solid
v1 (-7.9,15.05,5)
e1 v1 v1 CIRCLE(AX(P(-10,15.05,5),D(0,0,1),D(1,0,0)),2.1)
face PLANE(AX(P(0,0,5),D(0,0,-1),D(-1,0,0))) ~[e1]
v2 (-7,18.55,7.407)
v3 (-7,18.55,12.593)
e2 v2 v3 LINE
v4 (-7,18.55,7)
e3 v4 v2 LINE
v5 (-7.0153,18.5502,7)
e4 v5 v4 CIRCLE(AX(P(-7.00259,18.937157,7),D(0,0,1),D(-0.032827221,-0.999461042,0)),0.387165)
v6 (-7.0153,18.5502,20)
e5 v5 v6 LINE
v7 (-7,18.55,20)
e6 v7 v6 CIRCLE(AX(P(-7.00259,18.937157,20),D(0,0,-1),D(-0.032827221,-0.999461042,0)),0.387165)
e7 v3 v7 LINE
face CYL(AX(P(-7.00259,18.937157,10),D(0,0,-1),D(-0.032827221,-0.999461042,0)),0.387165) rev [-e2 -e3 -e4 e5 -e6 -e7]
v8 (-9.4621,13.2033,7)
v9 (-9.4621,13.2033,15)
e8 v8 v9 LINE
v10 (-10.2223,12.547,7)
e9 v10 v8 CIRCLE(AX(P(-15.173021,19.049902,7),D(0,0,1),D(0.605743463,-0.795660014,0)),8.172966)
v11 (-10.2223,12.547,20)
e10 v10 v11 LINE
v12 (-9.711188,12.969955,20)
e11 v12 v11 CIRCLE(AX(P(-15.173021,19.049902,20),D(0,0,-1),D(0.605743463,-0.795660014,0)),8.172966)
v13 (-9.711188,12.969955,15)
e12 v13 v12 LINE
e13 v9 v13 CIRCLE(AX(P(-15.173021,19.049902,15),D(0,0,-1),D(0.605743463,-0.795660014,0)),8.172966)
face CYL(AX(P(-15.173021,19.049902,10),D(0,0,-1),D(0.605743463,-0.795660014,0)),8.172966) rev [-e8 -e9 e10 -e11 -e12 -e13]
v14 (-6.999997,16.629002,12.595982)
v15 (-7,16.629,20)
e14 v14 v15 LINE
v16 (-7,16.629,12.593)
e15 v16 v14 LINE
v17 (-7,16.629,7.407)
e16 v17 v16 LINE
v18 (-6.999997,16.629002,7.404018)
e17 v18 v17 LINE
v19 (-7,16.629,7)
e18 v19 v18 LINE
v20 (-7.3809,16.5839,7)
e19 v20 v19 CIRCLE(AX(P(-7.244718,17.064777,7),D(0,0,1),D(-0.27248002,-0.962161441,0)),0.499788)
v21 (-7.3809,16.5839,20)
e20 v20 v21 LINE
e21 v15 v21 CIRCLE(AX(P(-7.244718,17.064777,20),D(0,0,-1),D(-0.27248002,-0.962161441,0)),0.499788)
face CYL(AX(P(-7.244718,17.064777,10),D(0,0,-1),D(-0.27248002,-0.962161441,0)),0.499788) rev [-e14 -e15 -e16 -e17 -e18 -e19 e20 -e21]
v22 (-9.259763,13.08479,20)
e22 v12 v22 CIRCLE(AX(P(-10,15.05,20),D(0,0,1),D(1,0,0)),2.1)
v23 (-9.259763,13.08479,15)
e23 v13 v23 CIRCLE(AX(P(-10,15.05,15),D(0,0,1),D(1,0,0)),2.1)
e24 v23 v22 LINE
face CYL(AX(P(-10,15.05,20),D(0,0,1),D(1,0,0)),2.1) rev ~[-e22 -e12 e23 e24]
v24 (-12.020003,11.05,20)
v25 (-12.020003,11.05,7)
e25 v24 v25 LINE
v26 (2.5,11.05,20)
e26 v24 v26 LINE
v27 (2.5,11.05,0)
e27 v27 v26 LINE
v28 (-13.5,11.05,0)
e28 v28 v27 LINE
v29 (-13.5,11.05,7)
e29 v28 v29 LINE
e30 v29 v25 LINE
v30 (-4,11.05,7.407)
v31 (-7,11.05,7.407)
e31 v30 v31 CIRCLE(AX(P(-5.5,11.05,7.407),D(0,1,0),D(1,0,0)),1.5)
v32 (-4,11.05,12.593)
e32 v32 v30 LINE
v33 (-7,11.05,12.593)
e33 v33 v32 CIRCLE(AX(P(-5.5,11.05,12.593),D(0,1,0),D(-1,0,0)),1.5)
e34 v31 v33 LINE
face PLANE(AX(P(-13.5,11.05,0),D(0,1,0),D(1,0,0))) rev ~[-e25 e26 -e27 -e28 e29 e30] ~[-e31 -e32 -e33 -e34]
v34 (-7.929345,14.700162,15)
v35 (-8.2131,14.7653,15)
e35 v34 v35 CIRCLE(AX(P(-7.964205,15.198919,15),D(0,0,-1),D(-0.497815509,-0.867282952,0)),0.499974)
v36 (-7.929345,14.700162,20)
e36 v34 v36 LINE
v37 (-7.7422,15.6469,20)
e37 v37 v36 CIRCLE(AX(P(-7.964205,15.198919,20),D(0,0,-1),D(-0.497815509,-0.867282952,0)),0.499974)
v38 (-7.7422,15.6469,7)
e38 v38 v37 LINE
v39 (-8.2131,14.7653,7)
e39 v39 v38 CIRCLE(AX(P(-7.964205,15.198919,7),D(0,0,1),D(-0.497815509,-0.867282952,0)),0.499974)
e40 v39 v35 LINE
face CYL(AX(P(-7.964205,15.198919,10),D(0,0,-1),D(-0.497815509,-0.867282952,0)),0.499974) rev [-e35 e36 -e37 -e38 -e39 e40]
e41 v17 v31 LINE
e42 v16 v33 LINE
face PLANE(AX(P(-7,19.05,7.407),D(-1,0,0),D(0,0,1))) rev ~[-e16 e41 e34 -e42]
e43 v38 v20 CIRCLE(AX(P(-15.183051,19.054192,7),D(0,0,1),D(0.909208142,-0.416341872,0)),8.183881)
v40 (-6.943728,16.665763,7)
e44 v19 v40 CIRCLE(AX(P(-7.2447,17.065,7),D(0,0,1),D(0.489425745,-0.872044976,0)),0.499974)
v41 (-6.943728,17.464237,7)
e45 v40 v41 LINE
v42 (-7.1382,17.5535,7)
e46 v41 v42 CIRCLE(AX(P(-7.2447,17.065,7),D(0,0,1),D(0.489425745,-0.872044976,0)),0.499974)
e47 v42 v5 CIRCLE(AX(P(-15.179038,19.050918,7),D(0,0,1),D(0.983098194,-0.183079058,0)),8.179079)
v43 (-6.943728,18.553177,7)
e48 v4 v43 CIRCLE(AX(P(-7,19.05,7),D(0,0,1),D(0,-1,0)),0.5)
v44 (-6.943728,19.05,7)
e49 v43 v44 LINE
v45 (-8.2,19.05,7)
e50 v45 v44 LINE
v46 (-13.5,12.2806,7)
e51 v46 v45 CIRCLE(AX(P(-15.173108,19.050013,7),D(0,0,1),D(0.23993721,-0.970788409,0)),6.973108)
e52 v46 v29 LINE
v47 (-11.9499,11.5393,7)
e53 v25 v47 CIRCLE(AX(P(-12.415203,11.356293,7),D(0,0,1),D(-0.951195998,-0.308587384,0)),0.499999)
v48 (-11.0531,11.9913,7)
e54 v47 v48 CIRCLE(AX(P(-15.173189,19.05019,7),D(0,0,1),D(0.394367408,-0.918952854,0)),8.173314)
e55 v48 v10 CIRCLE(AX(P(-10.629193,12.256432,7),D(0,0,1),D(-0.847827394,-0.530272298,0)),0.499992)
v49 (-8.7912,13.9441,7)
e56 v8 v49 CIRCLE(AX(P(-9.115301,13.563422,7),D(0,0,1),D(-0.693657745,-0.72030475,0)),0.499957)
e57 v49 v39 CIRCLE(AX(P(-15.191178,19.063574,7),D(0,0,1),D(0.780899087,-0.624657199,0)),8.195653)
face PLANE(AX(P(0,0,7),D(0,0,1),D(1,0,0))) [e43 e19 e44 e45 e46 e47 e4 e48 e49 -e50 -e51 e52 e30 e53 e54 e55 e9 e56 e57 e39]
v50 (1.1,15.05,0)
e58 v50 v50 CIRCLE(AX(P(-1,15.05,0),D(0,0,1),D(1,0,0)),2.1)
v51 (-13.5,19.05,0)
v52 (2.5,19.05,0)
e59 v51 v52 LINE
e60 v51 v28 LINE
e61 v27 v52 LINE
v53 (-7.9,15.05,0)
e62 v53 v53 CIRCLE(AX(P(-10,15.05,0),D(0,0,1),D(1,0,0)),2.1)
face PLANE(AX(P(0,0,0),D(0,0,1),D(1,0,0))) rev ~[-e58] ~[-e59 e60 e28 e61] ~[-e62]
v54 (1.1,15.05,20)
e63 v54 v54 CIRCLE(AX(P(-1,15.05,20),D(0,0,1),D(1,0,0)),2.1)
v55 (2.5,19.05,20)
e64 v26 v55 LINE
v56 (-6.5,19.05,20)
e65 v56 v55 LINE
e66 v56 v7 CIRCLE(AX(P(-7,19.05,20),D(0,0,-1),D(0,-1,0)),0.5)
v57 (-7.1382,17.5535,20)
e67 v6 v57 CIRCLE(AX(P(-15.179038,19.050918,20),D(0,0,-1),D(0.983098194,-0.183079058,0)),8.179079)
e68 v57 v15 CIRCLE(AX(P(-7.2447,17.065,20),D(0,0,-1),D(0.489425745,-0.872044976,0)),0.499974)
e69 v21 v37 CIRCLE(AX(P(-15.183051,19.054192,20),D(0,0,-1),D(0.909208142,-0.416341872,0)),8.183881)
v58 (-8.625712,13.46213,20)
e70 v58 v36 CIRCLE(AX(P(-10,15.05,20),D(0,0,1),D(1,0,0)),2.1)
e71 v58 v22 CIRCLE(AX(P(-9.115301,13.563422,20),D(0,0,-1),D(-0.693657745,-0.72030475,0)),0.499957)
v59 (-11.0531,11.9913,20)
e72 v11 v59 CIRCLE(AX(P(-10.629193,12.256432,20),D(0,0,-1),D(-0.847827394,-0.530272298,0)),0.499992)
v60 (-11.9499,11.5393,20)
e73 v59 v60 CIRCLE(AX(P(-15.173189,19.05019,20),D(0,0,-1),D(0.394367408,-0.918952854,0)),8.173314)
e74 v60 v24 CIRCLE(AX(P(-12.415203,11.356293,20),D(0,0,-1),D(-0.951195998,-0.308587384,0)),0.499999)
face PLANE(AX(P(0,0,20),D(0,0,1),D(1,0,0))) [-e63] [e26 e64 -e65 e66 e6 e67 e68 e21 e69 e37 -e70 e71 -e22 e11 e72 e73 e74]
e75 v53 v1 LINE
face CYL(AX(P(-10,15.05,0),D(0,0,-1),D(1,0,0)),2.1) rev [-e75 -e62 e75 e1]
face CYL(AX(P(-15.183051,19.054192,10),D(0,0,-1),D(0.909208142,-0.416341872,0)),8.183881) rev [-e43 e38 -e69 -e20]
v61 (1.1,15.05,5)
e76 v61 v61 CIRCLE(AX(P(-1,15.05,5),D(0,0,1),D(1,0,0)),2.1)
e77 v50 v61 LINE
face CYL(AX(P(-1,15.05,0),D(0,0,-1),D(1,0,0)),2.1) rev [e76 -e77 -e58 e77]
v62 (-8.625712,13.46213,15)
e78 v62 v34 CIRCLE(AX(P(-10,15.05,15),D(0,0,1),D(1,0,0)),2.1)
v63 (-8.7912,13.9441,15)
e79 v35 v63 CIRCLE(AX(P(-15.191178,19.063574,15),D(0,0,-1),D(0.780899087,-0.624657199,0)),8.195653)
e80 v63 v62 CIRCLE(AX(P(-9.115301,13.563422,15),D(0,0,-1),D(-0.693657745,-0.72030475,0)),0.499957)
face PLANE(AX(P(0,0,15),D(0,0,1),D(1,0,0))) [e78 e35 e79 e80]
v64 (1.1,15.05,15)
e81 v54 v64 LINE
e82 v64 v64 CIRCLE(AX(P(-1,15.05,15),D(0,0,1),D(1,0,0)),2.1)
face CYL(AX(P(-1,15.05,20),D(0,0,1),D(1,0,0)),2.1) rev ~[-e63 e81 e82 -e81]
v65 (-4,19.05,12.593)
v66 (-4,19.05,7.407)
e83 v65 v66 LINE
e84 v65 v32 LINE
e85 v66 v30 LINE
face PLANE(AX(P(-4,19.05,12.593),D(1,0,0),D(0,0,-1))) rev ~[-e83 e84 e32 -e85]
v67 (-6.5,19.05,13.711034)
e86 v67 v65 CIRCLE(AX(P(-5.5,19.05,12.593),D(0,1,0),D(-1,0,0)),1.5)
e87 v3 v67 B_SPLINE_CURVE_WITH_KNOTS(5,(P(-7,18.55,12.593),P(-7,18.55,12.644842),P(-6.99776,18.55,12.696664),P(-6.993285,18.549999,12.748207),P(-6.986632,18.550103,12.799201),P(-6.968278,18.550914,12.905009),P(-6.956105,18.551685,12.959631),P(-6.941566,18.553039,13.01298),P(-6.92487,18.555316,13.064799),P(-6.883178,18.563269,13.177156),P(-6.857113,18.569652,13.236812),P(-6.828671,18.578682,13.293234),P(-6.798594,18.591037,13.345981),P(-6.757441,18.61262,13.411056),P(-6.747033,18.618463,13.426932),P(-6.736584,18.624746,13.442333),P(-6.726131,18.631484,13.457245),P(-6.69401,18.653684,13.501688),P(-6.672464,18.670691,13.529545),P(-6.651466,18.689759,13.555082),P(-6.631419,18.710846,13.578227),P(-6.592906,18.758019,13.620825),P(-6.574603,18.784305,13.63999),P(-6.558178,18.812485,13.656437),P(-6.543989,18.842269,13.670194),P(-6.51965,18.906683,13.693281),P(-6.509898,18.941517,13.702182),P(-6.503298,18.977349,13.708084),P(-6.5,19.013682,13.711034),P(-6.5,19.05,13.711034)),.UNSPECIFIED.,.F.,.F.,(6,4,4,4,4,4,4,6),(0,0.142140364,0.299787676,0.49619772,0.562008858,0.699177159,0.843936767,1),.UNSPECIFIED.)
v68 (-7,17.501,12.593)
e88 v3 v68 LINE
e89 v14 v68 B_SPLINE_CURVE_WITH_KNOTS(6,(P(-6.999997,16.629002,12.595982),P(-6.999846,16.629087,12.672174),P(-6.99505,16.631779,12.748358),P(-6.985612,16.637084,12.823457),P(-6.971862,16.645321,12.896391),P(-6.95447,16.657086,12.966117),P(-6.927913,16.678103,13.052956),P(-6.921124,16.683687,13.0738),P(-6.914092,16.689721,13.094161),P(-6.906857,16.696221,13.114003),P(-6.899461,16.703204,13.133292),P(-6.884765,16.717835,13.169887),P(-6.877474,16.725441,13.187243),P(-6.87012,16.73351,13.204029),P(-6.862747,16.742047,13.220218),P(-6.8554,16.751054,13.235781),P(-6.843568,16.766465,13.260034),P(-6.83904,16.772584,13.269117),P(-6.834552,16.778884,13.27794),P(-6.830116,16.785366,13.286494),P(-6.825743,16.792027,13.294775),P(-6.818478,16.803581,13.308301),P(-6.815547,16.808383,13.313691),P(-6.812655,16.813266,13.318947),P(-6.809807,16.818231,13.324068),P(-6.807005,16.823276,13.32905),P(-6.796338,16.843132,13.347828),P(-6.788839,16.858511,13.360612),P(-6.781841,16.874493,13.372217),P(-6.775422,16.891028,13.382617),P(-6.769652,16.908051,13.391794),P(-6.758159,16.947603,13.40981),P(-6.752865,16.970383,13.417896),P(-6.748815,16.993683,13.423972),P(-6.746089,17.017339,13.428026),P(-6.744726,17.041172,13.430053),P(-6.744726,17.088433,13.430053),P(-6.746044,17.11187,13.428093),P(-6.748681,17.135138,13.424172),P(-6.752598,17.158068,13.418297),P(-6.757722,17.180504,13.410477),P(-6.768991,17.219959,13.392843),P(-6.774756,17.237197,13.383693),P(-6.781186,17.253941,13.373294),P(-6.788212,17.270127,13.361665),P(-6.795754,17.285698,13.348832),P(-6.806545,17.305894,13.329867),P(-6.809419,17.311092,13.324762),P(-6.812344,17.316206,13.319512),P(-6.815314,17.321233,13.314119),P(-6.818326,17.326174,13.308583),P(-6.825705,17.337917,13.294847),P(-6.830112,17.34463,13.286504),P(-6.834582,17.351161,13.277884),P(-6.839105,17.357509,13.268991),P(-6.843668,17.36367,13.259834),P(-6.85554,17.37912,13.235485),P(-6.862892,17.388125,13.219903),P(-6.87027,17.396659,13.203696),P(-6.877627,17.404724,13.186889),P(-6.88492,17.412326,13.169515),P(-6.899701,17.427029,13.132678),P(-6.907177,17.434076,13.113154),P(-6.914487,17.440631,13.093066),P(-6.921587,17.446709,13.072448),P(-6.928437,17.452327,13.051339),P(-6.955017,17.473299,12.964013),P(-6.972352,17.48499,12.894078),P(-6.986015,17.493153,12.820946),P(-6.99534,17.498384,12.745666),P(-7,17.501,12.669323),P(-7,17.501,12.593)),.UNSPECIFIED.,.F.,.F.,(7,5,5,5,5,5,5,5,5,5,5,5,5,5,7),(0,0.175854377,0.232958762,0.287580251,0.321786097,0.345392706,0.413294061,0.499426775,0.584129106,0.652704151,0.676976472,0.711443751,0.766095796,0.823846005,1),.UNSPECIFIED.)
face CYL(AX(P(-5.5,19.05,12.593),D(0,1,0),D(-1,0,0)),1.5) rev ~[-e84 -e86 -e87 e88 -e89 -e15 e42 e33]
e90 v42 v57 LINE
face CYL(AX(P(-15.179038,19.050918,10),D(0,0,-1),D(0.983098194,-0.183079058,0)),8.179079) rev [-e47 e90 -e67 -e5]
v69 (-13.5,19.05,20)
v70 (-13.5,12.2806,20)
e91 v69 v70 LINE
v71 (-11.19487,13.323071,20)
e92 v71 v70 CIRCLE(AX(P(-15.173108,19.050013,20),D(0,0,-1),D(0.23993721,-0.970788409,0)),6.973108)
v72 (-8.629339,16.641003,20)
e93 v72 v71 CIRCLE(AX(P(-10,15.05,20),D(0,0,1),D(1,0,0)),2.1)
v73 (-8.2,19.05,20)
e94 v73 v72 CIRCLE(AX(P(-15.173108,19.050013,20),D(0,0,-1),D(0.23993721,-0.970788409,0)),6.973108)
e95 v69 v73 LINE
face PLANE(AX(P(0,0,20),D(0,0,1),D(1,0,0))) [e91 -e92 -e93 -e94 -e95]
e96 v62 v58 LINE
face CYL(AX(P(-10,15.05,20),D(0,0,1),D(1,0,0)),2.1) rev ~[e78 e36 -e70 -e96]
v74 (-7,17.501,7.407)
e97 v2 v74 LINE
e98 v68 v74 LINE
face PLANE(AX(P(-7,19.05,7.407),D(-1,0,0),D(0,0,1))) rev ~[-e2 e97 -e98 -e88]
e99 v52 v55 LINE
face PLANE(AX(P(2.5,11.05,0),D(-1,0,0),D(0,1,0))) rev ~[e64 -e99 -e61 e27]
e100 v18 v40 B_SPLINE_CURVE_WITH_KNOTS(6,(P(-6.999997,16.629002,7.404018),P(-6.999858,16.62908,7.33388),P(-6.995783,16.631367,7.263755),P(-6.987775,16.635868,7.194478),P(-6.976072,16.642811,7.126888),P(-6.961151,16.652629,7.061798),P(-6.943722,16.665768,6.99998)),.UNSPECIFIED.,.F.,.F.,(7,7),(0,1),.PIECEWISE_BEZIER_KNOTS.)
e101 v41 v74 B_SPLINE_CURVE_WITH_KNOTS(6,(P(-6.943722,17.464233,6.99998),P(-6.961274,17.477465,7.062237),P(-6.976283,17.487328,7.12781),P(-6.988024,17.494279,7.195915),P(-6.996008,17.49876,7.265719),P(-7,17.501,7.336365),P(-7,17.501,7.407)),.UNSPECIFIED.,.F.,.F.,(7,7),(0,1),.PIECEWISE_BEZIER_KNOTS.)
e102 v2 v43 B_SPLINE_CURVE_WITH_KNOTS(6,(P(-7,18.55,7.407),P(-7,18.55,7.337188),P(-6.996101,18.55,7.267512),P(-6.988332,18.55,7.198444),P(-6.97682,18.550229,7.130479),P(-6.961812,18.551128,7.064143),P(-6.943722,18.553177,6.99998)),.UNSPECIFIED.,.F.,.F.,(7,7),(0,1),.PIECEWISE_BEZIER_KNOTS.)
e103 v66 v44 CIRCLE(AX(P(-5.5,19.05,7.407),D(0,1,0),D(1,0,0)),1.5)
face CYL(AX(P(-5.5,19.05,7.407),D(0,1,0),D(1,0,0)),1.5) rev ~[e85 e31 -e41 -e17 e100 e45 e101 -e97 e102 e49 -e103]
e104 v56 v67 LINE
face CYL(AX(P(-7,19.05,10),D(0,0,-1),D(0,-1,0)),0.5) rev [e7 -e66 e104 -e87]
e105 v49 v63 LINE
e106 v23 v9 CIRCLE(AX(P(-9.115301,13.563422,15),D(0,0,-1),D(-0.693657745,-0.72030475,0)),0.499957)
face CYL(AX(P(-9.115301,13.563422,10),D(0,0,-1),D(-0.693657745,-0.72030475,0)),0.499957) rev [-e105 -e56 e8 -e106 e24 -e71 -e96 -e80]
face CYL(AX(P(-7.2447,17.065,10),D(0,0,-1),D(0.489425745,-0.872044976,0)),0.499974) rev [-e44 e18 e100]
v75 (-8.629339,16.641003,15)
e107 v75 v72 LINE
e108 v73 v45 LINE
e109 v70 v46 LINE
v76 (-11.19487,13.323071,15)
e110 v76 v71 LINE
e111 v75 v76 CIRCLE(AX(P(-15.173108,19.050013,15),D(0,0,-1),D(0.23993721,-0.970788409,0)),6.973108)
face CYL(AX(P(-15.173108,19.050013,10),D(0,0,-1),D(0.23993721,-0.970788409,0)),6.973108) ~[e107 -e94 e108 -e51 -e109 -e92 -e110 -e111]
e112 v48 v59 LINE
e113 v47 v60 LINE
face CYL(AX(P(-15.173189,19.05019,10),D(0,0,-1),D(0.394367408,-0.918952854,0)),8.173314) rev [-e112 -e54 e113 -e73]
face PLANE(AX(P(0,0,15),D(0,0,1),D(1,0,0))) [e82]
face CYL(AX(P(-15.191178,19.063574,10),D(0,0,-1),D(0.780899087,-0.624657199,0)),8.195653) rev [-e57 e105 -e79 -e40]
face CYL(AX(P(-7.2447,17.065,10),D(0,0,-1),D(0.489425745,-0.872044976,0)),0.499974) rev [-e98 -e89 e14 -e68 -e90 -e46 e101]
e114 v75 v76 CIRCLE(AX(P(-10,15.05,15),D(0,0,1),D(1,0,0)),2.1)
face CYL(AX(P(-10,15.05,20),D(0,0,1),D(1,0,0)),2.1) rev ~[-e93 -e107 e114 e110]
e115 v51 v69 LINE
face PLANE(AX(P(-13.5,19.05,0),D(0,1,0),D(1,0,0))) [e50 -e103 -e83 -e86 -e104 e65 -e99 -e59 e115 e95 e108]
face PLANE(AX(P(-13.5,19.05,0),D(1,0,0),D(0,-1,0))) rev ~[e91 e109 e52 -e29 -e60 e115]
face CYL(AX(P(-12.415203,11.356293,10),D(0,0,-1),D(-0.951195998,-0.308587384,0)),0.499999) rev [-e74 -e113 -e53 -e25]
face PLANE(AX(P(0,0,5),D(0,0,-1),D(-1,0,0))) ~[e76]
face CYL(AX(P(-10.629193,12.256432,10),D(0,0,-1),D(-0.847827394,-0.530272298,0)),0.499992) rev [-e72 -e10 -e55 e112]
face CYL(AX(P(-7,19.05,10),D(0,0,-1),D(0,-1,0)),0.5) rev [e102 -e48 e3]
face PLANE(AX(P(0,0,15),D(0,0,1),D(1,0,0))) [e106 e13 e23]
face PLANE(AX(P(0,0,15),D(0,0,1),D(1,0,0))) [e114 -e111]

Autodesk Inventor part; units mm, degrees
ref_plane "YZ Plane" through (0, 0, 0) normal (1, 0, 0) x (0, 1, 0)
ref_plane "XZ Plane" through (0, 0, 0) normal (0, 1, 0) x (-1, 0, 0)
sketch "Эскиз1" plane through (0, 0, 0) normal (0, 0, 1) x (1, 0, 0)
  line L0 (13.5, 19.05) -> (-13.5, 19.05) construction
  circle A0 centre (-7.5, -8) radius 1.6 construction
  circle A1 centre (7.5, -8) radius 1.6 construction
  line L1 (-13.5, 19.05) -> (2.5, 19.05)
  line L2 (-13.5, 19.05) -> (-13.5, 9.05)
  line L3 (-13.5, 11.05) -> (2.5, 11.05)
  line L4 (-13.5, 11.05) -> (-13.5, 9.05)
  line L5 (2.5, 11.05) -> (2.5, 19.05)
  point P0 (2.5, 15.05)
  dimension "d3" = 0
  dimension "d15" = 16
extrude "Выдавливание1" add sketch "Эскиз1" along normal blind 20
ref_plane "РабПлоскость1" through (0, 0, 10) normal (0, 0, -1) x (-1, 0, 0)
sketch "Эскиз4" plane through (0, 0, 20) normal (0, 0, 1) x (1, 0, 0)
  line L0 (2.5, 11.05) -> (2.5, 19.05) construction
  line L1 (2.5, 15.05) -> (-13.5, 15.05) construction
  line L2 (-13.5, 19.05) -> (-13.5, 11.05) construction
  circle A0 centre (-10, 15.05) radius 2.1
  circle A1 centre (-1, 15.05) radius 2.1
  point P0 (0, 0)
  point P1 (-13.5, 9.05)
  dimension "d16" = 4.2
  dimension "d17" = 4.2
  dimension "d18" = 3.5
  dimension "d19" = 3.5
extrude "Выдавливание4" cut sketch "Эскиз4" against normal blind 5
mirror "Зеркальное отражение2" about plane through (0, 0, 10) normal (0, 0, -1) of "Выдавливание4"
sketch "Эскиз5" plane through (-13.5, 19.05, 0) normal (0, 1, 0) x (1, 0, 0)
  line L0 (16, 0) -> (0, 0) construction
  line L1 (0, 0) -> (0, -20) construction
  line L2 (16, -20) -> (0, -20) construction
  line L3 (16, 0) -> (16, -20) construction
  line L4 (8, -7.407) -> (8, -12.593) construction
  line L5 (6.5, -7.407) -> (6.5, -12.593)
  line L6 (9.5, -12.593) -> (9.5, -7.407)
  arc A0 (9.5, -7.407) -> (6.5, -7.407) centre (8, -7.407) ccw
  arc A1 (6.5, -12.593) -> (9.5, -12.593) centre (8, -12.593) ccw
  point P0 (13.5, 0)
  point P1 (8, -10)
  dimension "d22" = 3
extrude "Выдавливание5" cut sketch "Эскиз5" against normal blind 20
ref_plane "РабПлоскость2" through (0, 0, 10) normal (0, 0, 1) x (1, 0, 0)
sketch "Эскиз7" plane through (0, 0, 10) normal (0, 0, 1) x (1, 0, 0)
  line L0 (-7, 19.05) -> (-7, 11.05) construction
  arc A0 (-13.5, 11.05) -> (-12.8908, 11.202) centre (-15.1731, 19.05) ccw
  arc A1 (-7, 19.55) -> (-7.0153, 18.5502) centre (-7, 19.05) ccw construction
  line L1 (-7, 19.05) -> (-7, 19.55) construction
  arc A2 (-7, 16.629) -> (-7.1382, 17.5535) centre (-7.2447, 17.065) ccw
  arc A3 (-7.7422, 15.6469) -> (-8.2131, 14.7653) centre (-7.9642, 15.1989) ccw construction
  arc A4 (-8.7912, 13.9441) -> (-9.4621, 13.2033) centre (-9.1153, 13.5634) ccw construction
  arc A5 (-10.2223, 12.547) -> (-11.0531, 11.9913) centre (-10.6292, 12.2564) ccw construction
  arc A6 (-11.9499, 11.5393) -> (-12.8908, 11.202) centre (-12.4152, 11.3563) ccw construction
  arc A7 (-7, 18.55) -> (-6.5, 19.05) centre (-7, 19.05) ccw
  arc A8 (-7.3809, 16.5839) -> (-7, 16.629) centre (-7.2447, 17.065) ccw
  arc A9 (-7.1382, 17.5535) -> (-7.3809, 16.5839) centre (-7.2447, 17.065) ccw construction
  arc A10 (-8.2131, 14.7653) -> (-7.7422, 15.6469) centre (-7.9642, 15.1989) ccw
  arc A11 (-9.4621, 13.2033) -> (-8.7912, 13.9441) centre (-9.1153, 13.5634) ccw
  arc A12 (-11.0531, 11.9913) -> (-10.2223, 12.547) centre (-10.6292, 12.2564) ccw
  arc A13 (-12.8908, 11.202) -> (-11.9499, 11.5393) centre (-12.4152, 11.3563) ccw
  line L2 (-4, 11.05) -> (-7, 11.05) projected
  arc A14 (-7.0153, 18.5502) -> (-7, 19.05) centre (-15.1731, 19.05) ccw construction
  arc A15 (-7.1382, 17.5535) -> (-7.0153, 18.5502) centre (-15.1731, 19.05) ccw
  arc A16 (-7.7422, 15.6469) -> (-7.3809, 16.5839) centre (-15.1731, 19.05) ccw
  arc A17 (-7.3809, 16.5839) -> (-7.1382, 17.5535) centre (-15.1731, 19.05) ccw construction
  arc A18 (-8.2131, 14.7653) -> (-7.7422, 15.6469) centre (-15.1731, 19.05) ccw construction
  arc A19 (-8.7912, 13.9441) -> (-8.2131, 14.7653) centre (-15.1731, 19.05) ccw
  arc A20 (-9.4621, 13.2033) -> (-8.7912, 13.9441) centre (-15.1731, 19.05) ccw construction
  arc A21 (-11.0531, 11.9913) -> (-10.2223, 12.547) centre (-15.1731, 19.05) ccw construction
  arc A22 (-11.9499, 11.5393) -> (-11.0531, 11.9913) centre (-15.1731, 19.05) ccw
  arc A23 (-12.8908, 11.202) -> (-11.9499, 11.5393) centre (-15.1731, 19.05) ccw construction
  arc A24 (-10.2223, 12.547) -> (-9.4621, 13.2033) centre (-15.1731, 19.05) ccw
  arc A25 (-13.5, 12.2806) -> (-8.2, 19.05) centre (-15.1731, 19.05) ccw
  line L3 (-8.2, 19.05) -> (-6.5, 19.05)
  line L4 (2.5, 19.05) -> (-13.5, 19.05) projected
  line L5 (-13.5, 19.05) -> (-13.5, 11.05) projected
  line L6 (-13.5, 11.05) -> (-13.5, 12.2806)
  arc A26 (-7.0153, 18.5502) -> (-7, 18.55) centre (-7, 19.05) ccw
  line L7 (-13.5, 11.05) -> (-12.4152, 10.8563)
  point P0 (0, 0)
  point P1 (-7, 19.05)
  point P2 (-7.0153, 18.5502)
  dimension "d25" = 1
  dimension "d34" = 1
  dimension "d36" = 1
  dimension "d39" = 1
  dimension "d40" = 1
  dimension "d41" = 1
  dimension "d42" = 1
  dimension "d43" = 1
  dimension "d44" = 1
  dimension "d45" = 1
  dimension "d46" = 1
  dimension "d48" = 1.2
extrude "Выдавливание6" cut sketch "Эскиз7" along normal blind 12 and the other way blind 3 contours L5 A25 L3 A7 A26 A15 A2 A8 A16 A10 A19 A11 A24 A12 A22 A13 L7 A0 | A0 A13 L7
properties part number "стена_каретки" material "Полипропилен"
